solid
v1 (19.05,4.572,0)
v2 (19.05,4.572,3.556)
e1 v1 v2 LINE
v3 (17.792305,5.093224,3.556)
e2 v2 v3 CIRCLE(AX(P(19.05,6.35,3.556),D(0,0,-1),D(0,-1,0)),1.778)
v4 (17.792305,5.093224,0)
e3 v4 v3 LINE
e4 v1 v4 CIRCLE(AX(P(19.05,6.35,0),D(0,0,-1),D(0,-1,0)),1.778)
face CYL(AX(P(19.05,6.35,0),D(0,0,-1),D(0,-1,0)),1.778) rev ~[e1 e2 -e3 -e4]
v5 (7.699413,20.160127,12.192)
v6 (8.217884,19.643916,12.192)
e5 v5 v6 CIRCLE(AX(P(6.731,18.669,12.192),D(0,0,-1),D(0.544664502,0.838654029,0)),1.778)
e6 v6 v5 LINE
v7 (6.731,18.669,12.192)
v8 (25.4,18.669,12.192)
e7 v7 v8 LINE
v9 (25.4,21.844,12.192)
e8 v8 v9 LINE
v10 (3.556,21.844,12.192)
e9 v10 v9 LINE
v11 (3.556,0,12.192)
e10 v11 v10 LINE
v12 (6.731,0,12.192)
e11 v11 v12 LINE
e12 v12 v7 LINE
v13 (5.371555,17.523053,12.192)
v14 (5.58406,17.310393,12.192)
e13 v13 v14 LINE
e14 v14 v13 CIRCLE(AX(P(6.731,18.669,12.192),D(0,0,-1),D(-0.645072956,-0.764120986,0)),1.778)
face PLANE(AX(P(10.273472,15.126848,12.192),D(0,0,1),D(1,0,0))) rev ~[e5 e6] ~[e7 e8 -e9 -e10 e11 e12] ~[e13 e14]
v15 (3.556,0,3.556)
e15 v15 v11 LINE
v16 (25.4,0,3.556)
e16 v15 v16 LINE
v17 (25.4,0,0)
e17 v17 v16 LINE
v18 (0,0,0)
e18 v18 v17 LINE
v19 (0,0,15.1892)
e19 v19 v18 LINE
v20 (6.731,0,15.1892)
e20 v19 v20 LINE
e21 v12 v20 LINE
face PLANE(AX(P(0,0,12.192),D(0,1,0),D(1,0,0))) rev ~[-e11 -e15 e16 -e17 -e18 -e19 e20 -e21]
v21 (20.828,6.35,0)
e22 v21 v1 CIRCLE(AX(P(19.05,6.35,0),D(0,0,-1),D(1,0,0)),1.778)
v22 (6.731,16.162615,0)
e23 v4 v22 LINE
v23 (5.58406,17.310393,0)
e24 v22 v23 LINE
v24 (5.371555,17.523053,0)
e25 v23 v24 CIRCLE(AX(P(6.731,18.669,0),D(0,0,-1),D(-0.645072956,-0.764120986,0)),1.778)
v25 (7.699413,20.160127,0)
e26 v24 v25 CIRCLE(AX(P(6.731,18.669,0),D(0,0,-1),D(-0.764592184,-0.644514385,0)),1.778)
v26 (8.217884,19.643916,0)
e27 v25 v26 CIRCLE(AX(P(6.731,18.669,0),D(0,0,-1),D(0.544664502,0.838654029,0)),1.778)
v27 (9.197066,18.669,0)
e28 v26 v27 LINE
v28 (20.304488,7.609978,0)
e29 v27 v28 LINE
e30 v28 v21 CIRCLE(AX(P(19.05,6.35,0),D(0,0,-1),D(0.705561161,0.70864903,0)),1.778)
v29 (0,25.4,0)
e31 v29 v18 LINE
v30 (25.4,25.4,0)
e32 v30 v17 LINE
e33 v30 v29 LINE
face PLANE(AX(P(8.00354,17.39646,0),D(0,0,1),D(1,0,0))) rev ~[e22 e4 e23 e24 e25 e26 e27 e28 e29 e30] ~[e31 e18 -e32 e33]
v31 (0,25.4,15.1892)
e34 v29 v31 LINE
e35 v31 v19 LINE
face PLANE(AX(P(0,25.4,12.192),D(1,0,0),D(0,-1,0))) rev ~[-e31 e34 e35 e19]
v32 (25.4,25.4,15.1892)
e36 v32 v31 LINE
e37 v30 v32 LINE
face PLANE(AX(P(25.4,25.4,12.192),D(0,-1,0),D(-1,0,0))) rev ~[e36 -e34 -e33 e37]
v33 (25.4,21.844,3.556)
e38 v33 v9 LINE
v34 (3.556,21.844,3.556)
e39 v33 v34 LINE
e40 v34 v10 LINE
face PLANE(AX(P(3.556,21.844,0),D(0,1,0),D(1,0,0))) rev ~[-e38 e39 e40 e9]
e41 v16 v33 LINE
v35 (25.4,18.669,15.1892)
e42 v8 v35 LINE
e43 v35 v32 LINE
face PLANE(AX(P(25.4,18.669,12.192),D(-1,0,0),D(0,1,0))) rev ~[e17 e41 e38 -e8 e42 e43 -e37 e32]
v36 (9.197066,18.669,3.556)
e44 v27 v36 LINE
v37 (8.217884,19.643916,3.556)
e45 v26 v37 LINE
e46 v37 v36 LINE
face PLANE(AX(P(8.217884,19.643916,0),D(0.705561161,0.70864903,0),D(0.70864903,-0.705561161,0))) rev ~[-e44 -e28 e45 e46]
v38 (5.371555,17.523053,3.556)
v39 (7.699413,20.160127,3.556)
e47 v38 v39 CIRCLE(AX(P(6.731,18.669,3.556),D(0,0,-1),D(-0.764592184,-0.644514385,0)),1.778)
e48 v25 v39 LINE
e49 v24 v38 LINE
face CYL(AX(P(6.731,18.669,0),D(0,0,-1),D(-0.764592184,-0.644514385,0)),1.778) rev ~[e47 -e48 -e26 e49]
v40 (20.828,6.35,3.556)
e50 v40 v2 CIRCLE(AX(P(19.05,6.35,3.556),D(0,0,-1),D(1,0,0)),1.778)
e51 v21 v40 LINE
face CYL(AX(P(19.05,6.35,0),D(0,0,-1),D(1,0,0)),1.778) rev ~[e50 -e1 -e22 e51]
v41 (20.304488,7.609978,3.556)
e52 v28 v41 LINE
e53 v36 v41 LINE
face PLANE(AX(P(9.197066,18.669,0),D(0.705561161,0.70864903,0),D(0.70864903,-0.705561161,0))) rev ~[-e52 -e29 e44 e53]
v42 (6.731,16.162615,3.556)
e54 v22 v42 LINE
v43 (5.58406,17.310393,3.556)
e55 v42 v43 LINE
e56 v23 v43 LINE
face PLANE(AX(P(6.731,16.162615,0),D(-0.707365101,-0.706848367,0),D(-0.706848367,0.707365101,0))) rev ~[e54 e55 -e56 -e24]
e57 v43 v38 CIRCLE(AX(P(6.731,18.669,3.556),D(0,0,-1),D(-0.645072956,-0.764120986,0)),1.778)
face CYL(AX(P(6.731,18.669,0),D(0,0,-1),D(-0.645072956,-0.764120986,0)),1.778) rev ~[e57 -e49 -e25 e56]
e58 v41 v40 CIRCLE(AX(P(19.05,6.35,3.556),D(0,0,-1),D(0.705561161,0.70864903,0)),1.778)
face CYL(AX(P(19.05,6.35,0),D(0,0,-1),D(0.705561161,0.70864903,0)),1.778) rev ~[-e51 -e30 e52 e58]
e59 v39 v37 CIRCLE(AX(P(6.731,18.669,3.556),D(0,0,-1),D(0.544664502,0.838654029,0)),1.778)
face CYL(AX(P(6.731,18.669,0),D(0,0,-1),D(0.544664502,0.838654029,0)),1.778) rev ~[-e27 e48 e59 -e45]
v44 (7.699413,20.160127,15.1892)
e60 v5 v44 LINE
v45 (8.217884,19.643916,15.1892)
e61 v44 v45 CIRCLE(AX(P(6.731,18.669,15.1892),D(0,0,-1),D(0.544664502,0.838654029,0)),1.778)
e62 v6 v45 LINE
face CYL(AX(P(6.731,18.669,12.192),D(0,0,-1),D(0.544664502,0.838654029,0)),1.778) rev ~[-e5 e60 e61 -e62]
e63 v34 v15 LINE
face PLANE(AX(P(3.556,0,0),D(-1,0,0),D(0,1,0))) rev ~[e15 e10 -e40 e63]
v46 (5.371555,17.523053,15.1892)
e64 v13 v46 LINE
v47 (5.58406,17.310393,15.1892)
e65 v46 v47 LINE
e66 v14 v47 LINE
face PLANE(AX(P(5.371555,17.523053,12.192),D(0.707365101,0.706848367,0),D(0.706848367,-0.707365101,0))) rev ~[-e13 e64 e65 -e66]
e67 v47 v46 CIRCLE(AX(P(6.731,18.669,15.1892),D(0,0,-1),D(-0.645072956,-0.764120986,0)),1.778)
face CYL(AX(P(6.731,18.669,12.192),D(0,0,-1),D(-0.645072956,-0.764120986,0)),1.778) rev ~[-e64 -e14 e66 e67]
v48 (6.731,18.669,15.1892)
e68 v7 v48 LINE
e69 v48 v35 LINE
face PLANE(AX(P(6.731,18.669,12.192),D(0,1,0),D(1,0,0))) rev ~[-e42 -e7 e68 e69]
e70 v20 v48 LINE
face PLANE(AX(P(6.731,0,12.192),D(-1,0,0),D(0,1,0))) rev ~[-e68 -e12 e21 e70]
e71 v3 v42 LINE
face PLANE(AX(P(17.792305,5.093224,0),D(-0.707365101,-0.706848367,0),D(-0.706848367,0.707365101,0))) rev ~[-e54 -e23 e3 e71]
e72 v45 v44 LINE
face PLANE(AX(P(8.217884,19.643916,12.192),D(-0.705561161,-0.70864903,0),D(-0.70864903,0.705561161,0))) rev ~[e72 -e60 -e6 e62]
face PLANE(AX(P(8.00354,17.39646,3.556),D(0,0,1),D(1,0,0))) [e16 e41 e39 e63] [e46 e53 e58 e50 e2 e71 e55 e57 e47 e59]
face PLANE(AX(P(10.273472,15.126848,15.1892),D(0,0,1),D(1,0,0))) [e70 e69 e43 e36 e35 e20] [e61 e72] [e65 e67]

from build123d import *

# Parameters (mm, degrees)
F1_DEPTH = 3.556
F2_DEPTH = 12.192
F3_START = 12.192
F3_DEPTH = 2.9972


with BuildPart() as f1:
    # F0 (on Top) → F1 (new body)
    with BuildSketch(Plane.XY):
        Polygon((0, 25.4), (0, 0), (3.556, 0), (3.556, 21.844), (25.4, 21.844), (25.4, 25.4), align=None)
        with BuildLine():
            Line((3.556, 21.844), (3.556, 0))
            Line((3.556, 0), (6.731, 0))
            Line((6.731, 0), (6.731, 16.162614712))
            Line((6.731, 16.162614712), (5.5840602845, 17.3103928864))
            ThreePointArc((5.5840602845, 17.3103928864), (5.47330485, 17.412223604), (5.3715550967, 17.5230534241))
            ThreePointArc((5.3715550967, 17.5230534241), (5.3980463342, 19.8456556526), (7.6994134833, 20.1601268643))
            ThreePointArc((7.6994134833, 20.1601268643), (7.9854877449, 19.9289779751), (8.2178836864, 19.6439158442))
            Line((8.2178836864, 19.6439158442), (9.1970662222, 18.669))
            Line((9.1970662222, 18.669), (25.4, 18.669))
            Line((25.4, 18.669), (25.4, 21.844))
            Line((25.4, 21.844), (3.556, 21.844))
        make_face()
        with BuildLine():
            Line((6.731, 16.162614712), (6.731, 0))
            Line((6.731, 0), (19.05, 0))
            Line((19.05, 0), (19.05, 4.572))
            ThreePointArc((19.05, 4.572), (18.3692887661, 4.7074665251), (17.79230485, 5.093223604))
            Line((17.79230485, 5.093223604), (6.731, 16.162614712))
        make_face()
        with BuildLine():
            Line((19.05, 4.572), (19.05, 0))
            Line((19.05, 0), (25.4, 0))
            Line((25.4, 0), (25.4, 18.669))
            Line((25.4, 18.669), (9.1970662222, 18.669))
            Line((9.1970662222, 18.669), (20.3044877449, 7.6099779751))
            ThreePointArc((20.3044877449, 7.6099779751), (20.6919140067, 7.0322040712), (20.828, 6.35))
            ThreePointArc((20.828, 6.35), (20.3072358569, 5.0927641431), (19.05, 4.572))
        make_face()
    extrude(amount=F1_DEPTH)

    # F0 (on Top) → F2 (join)
    with BuildSketch(Plane.XY):
        Polygon((0, 25.4), (0, 0), (3.556, 0), (3.556, 21.844), (25.4, 21.844), (25.4, 25.4), align=None)
    extrude(amount=F2_DEPTH)

    # F0 (on Top) → F3 (join)
    with BuildSketch(Plane.XY.offset(F3_START)):
        with BuildLine():
            Line((3.556, 21.844), (3.556, 0))
            Line((3.556, 0), (6.731, 0))
            Line((6.731, 0), (6.731, 16.162614712))
            Line((6.731, 16.162614712), (5.5840602845, 17.3103928864))
            ThreePointArc((5.5840602845, 17.3103928864), (5.47330485, 17.412223604), (5.3715550967, 17.5230534241))
            ThreePointArc((5.3715550967, 17.5230534241), (5.3980463342, 19.8456556526), (7.6994134833, 20.1601268643))
            ThreePointArc((7.6994134833, 20.1601268643), (7.9854877449, 19.9289779751), (8.2178836864, 19.6439158442))
            Line((8.2178836864, 19.6439158442), (9.1970662222, 18.669))
            Line((9.1970662222, 18.669), (25.4, 18.669))
            Line((25.4, 18.669), (25.4, 21.844))
            Line((25.4, 21.844), (3.556, 21.844))
        make_face()
        with BuildLine():
            ThreePointArc((5.5840602845, 17.3103928864), (6.1203935178, 16.9991366152), (6.731, 16.891))
            Line((6.731, 16.891), (6.731, 18.669))
            Line((6.731, 18.669), (8.509, 18.669))
            ThreePointArc((8.509, 18.669), (8.4346671028, 19.1777262553), (8.2178836864, 19.6439158442))
            Line((8.2178836864, 19.6439158442), (7.6994134833, 20.1601268643))
            ThreePointArc((7.6994134833, 20.1601268643), (5.3980463342, 19.8456556526), (5.3715550967, 17.5230534241))
            Line((5.3715550967, 17.5230534241), (5.5840602845, 17.3103928864))
        make_face()
        with BuildLine():
            Line((5.5840602845, 17.3103928864), (6.731, 16.162614712))
            Line((6.731, 16.162614712), (6.731, 16.891))
            ThreePointArc((6.731, 16.891), (6.1203935178, 16.9991366152), (5.5840602845, 17.3103928864))
        make_face()
        with BuildLine():
            ThreePointArc((8.2178836864, 19.6439158442), (8.4346671028, 19.1777262553), (8.509, 18.669))
            Line((8.509, 18.669), (9.1970662222, 18.669))
            Line((9.1970662222, 18.669), (8.2178836864, 19.6439158442))
        make_face()
        Polygon((0, 25.4), (0, 0), (3.556, 0), (3.556, 21.844), (25.4, 21.844), (25.4, 25.4), align=None)
    extrude(amount=F3_DEPTH)


solid = f1.part
